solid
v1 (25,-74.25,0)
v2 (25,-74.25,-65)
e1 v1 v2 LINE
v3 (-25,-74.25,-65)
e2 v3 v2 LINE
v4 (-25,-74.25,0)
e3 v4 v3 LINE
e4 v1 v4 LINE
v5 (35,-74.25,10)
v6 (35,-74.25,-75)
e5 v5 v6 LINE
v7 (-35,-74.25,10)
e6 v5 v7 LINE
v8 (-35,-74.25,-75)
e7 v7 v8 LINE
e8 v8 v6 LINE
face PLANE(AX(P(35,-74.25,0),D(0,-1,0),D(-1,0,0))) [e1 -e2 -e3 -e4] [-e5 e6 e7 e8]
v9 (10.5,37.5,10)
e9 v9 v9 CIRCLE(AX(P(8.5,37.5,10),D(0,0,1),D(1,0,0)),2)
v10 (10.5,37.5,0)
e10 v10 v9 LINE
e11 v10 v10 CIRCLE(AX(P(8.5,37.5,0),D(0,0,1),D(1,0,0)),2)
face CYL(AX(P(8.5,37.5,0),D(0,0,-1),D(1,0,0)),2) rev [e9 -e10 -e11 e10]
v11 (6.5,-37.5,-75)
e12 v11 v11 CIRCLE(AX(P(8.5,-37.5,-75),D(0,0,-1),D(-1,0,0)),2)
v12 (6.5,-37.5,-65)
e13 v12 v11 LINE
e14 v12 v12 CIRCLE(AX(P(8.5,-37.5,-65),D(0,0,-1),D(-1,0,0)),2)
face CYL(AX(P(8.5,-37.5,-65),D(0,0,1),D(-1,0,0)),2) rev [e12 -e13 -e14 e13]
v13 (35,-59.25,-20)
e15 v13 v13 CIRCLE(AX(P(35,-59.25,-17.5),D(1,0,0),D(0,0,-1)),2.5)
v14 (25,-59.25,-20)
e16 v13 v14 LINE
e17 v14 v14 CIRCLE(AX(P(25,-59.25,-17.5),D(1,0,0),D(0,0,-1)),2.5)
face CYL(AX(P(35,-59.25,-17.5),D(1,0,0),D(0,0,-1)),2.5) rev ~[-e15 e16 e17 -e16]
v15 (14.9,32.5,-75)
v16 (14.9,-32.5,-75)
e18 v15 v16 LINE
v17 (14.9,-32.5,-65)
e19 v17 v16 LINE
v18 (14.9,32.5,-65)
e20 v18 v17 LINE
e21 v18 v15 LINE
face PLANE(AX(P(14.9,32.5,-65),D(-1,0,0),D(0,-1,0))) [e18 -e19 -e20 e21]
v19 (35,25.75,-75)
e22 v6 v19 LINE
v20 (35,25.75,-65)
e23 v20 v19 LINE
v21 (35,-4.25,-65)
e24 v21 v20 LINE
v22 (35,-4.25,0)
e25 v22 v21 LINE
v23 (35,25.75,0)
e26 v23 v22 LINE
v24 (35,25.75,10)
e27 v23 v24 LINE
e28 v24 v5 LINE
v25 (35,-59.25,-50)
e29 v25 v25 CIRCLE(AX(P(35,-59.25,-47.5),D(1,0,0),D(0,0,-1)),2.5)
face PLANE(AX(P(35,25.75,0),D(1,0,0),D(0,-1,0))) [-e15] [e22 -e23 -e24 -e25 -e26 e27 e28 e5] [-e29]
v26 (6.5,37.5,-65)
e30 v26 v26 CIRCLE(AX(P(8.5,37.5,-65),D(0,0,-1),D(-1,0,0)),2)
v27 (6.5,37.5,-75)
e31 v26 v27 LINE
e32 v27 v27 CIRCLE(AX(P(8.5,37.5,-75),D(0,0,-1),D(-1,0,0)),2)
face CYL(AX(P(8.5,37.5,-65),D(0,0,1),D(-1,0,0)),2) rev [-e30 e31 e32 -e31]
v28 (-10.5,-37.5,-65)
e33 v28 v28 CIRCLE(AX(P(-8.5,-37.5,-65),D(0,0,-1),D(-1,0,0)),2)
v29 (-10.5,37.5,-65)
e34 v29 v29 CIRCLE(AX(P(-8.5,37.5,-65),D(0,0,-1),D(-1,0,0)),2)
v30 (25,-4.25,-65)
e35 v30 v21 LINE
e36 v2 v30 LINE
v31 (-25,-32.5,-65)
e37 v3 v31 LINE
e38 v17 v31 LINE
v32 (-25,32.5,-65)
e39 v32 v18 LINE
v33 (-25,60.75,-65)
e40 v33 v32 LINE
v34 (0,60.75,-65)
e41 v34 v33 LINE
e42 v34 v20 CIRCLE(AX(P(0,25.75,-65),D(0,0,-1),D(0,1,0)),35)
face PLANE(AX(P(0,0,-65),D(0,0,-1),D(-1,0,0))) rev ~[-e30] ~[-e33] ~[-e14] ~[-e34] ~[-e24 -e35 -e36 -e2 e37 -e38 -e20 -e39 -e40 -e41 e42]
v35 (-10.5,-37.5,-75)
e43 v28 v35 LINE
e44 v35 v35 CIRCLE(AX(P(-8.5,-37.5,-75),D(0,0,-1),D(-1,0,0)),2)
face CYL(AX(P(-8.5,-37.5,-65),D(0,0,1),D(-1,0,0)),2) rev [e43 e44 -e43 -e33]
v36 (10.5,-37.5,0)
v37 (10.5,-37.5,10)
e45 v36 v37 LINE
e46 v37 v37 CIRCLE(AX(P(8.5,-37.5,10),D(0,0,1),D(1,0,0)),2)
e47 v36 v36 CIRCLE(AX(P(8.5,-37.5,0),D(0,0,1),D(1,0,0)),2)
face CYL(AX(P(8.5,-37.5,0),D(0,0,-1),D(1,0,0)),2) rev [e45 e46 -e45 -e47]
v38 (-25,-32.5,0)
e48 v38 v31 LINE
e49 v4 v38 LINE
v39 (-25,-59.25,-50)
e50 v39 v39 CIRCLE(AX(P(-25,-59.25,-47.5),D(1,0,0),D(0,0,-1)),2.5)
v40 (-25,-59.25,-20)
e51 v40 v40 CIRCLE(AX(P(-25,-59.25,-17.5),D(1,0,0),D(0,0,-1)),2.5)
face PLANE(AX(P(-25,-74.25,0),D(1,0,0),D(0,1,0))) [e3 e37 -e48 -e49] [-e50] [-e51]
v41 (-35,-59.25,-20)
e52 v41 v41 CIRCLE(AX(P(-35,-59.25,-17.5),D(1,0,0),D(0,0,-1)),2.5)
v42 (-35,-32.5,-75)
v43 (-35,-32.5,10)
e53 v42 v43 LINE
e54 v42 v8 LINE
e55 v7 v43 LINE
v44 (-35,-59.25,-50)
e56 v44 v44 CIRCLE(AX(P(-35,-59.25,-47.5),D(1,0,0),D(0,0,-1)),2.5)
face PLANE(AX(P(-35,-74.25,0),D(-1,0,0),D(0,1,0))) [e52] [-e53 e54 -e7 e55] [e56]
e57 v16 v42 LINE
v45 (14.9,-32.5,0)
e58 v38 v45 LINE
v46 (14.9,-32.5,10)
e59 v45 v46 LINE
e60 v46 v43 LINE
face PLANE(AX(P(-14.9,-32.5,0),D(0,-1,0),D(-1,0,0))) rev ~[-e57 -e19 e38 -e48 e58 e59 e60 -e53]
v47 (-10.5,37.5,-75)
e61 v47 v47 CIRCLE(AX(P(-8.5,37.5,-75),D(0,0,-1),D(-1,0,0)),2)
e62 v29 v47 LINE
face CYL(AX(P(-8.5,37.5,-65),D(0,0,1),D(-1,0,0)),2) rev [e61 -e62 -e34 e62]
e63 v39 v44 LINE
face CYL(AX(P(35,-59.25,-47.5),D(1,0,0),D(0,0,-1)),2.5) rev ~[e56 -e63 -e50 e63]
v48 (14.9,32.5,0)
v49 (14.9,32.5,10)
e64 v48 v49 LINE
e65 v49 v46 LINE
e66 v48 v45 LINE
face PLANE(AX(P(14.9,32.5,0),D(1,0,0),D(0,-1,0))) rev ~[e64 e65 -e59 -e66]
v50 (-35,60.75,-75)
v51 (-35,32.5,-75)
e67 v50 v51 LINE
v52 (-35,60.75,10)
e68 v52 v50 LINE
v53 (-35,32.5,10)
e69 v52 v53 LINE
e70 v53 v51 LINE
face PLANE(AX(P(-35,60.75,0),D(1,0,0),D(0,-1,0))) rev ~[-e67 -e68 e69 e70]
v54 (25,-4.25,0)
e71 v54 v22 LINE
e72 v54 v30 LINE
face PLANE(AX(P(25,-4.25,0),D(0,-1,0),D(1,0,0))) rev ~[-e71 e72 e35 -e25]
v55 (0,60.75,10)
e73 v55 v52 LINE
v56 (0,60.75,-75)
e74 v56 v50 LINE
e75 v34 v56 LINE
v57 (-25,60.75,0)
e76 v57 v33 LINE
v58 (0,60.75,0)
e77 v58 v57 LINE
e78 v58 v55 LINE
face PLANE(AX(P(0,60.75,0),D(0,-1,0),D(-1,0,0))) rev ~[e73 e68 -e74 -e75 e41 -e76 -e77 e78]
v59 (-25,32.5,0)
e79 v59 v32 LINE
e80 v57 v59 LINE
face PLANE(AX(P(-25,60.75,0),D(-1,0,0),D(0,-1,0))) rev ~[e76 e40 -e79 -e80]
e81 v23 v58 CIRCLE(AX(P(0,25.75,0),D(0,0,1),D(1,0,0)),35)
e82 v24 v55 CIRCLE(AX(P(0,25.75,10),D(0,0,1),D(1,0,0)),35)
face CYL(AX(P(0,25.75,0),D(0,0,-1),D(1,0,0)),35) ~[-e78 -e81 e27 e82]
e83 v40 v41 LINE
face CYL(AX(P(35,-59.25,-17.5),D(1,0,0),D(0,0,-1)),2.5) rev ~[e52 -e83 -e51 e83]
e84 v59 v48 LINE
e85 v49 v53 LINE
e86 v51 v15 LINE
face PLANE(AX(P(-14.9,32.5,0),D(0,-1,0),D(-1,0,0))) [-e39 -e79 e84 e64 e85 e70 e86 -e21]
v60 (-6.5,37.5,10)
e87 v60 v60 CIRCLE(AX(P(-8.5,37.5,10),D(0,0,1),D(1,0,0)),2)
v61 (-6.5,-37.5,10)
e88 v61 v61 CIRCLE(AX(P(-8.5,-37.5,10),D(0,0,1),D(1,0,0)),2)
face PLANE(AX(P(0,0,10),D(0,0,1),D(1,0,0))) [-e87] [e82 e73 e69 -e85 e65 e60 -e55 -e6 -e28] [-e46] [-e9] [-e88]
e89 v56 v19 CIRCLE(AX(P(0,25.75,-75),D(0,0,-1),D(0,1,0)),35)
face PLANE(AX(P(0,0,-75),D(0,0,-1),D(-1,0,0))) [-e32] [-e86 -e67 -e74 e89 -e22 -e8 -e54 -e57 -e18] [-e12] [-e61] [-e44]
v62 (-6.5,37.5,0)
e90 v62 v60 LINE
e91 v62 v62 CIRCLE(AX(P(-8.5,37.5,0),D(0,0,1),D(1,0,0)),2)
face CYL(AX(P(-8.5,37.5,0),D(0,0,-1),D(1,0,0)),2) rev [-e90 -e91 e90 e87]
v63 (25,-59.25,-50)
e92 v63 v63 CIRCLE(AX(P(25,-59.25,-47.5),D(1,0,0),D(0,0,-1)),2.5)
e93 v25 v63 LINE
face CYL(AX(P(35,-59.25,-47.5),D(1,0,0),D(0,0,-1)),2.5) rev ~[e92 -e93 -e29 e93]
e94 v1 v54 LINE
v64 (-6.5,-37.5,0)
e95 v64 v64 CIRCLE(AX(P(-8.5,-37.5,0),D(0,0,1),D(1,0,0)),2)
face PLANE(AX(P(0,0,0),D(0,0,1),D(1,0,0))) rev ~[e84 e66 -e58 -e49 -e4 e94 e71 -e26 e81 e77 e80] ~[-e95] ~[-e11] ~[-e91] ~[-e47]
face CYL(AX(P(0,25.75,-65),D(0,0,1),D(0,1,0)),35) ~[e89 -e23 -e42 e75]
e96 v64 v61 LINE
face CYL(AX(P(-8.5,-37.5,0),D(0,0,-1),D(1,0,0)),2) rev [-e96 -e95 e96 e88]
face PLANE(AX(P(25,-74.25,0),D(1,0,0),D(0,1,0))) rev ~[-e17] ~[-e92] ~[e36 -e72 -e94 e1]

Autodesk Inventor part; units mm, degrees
ref_plane "YZ Plane" through (0, 0, 0) normal (1, 0, 0) x (0, 1, 0)
ref_plane "XZ Plane" through (0, 0, 0) normal (0, 1, 0) x (-1, 0, 0)
sketch "Sketch1" plane through (0, 0, 0) normal (0, 0, 1) x (1, 0, 0)
  line L0 (0, 37.5) -> (8.5, 37.5) construction
  circle A0 centre (8.5, 37.5) radius 2
  line L1 (8.5, 37.5) -> (-8.5, 37.5) construction
  line L2 (-8.5, 37.5) -> (-8.5, -37.5) construction
  line L3 (-8.5, -37.5) -> (8.5, -37.5) construction
  line L4 (8.5, -37.5) -> (8.5, 37.5) construction
  circle A1 centre (8.5, -37.5) radius 2
  line L5 (-8.5, 37.5) -> (8.5, -37.5) construction
  line L6 (-14.9, 32.5) -> (14.9, 32.5)
  line L7 (14.9, 32.5) -> (14.9, -32.5)
  line L8 (14.9, -32.5) -> (-14.9, -32.5)
  line L9 (-14.9, 32.5) -> (14.9, -32.5) construction
  line L10 (14.9, 32.5) -> (-14.9, -32.5) construction
  circle A2 centre (-8.5, -37.5) radius 2
  circle A3 centre (-8.5, 37.5) radius 2
  arc A4 (-8.5, -20) -> (-9.1777, -20.0184) centre (-8.5, -32.5) ccw
  line L11 (0, 19) -> (0, 0) construction
  line L12 (0, 32.5) -> (0, 19) construction
  line L13 (35, 25.75) -> (35, -74.25)
  line L14 (35, -74.25) -> (-35, -74.25)
  line L15 (-35, -74.25) -> (-35, -32.5)
  arc A5 (35, 25.75) -> (0, 60.75) centre (0, 25.75) ccw
  line L16 (0, 60.75) -> (-35, 60.75)
  line L17 (-35, 60.75) -> (-35, 32.5)
  line L18 (-14.9, -32.5) -> (-35, -32.5)
  line L19 (-14.9, 32.5) -> (-35, 32.5)
  point P0 (8.5, -32.5)
  dimension "d0" = 8.5
  dimension "d1" = 4
  dimension "d2" = 17
  dimension "d3" = 75
  dimension "d4" = 4
  dimension "d5" = 29.8
  dimension "d6" = 65
  dimension "d7" = 4
  dimension "d8" = 4
  dimension "d9" = 13.5
  dimension "d12" = 100
  dimension "d15" = 35
extrude "Extrusion1" add sketch "Sketch1" along normal blind 10
ref_plane "Work Plane1" through (0, 0, -65) normal (0, 0, -1) x (-1, 0, 0)
sketch "Sketch2" plane through (0, 0, -65) normal (0, 0, -1) x (-1, 0, 0)
  line L0 (35, -32.5) -> (35, -74.25) projected
  arc A0 (0, 60.75) -> (-35, 25.75) centre (0, 25.75) ccw projected
  line L1 (-35, -74.25) -> (-35, 25.75) projected
  line L2 (35, -74.25) -> (-35, -74.25) projected
  circle A1 centre (-8.5, -37.5) radius 2 projected
  circle A2 centre (8.5, -37.5) radius 2 projected
  circle A3 centre (8.5, 37.5) radius 2 projected
  circle A4 centre (-8.5, 37.5) radius 2 projected
  line L3 (-14.9, 32.5) -> (-14.9, -32.5) projected
  line L4 (35, 32.5) -> (-14.9, 32.5) projected
  line L5 (-14.9, -32.5) -> (35, -32.5) projected
  line L6 (35, 60.75) -> (35, 32.5) projected
  line L7 (0, 60.75) -> (35, 60.75) projected
  point P0 (0, 0)
extrude "Extrusion2" add sketch "Sketch2" along normal blind 10
sketch "Sketch3" plane through (0, 0, 0) normal (0, 0, -1) x (-1, 0, 0)
  line L0 (-35, -74.25) -> (-35, 25.75) projected
  line L1 (-35, -74.25) -> (-25, -74.25)
  line L2 (-25, -74.25) -> (-25, -4.25)
  line L3 (-25, -4.25) -> (-35, -4.25)
  line L4 (-35, -4.25) -> (-35, -74.25)
  line L5 (35, -74.25) -> (-35, -74.25) projected
  line L6 (-14.9, -32.5) -> (35, -32.5) projected
  line L7 (35, -74.25) -> (25, -74.25)
  line L8 (25, -74.25) -> (25, -32.5)
  line L9 (25, -32.5) -> (35, -32.5)
  line L10 (35, -32.5) -> (35, -74.25)
  line L11 (35, 60.75) -> (35, 32.5) projected
  line L12 (35, 32.5) -> (-14.9, 32.5) projected
  line L13 (35, 60.75) -> (25, 60.75)
  line L14 (25, 60.75) -> (25, 32.5)
  line L15 (25, 32.5) -> (35, 32.5)
  line L16 (35, 32.5) -> (35, 60.75)
  point P0 (0, 0)
  point P1 (-35, -4.25)
  dimension "d19" = 10
  dimension "d23" = 70
  dimension "d24" = 10
  dimension "d25" = 10
extrude "Extrusion3" add sketch "Sketch3" along normal up to next
sketch "Sketch4" plane through (35, 0, 10) normal (1, 0, 0) x (0, 0, -1)
  line L0 (85, 25.75) -> (85, -74.25) projected
  line L1 (0, -32.5) -> (0, -74.25) projected
  line L2 (85, -74.25) -> (0, -74.25)
  line L3 (0, -74.25) -> (0, -44.25)
  line L4 (0, -44.25) -> (85, -44.25)
  line L5 (85, -44.25) -> (85, -74.25)
  line L6 (0, -74.25) -> (85, -74.25) construction
  line L7 (85, -44.25) -> (0, -74.25) construction
  line L8 (42.5, -59.25) -> (57.5, -59.25) construction
  line L9 (42.5, -59.25) -> (27.5, -59.25) construction
  circle A0 centre (57.5, -59.25) radius 2.5
  circle A1 centre (27.5, -59.25) radius 2.5
  point P0 (10, 0)
  dimension "d26" = 30
  dimension "d27" = 15
  dimension "d28" = 15
  dimension "d29" = 5
  dimension "d30" = 5
extrude "Extrusion4" cut sketch "Sketch4" against normal blind 90 contours A0 | A1
properties part number "Joint_3_House" material "Acrylic, Clear"
